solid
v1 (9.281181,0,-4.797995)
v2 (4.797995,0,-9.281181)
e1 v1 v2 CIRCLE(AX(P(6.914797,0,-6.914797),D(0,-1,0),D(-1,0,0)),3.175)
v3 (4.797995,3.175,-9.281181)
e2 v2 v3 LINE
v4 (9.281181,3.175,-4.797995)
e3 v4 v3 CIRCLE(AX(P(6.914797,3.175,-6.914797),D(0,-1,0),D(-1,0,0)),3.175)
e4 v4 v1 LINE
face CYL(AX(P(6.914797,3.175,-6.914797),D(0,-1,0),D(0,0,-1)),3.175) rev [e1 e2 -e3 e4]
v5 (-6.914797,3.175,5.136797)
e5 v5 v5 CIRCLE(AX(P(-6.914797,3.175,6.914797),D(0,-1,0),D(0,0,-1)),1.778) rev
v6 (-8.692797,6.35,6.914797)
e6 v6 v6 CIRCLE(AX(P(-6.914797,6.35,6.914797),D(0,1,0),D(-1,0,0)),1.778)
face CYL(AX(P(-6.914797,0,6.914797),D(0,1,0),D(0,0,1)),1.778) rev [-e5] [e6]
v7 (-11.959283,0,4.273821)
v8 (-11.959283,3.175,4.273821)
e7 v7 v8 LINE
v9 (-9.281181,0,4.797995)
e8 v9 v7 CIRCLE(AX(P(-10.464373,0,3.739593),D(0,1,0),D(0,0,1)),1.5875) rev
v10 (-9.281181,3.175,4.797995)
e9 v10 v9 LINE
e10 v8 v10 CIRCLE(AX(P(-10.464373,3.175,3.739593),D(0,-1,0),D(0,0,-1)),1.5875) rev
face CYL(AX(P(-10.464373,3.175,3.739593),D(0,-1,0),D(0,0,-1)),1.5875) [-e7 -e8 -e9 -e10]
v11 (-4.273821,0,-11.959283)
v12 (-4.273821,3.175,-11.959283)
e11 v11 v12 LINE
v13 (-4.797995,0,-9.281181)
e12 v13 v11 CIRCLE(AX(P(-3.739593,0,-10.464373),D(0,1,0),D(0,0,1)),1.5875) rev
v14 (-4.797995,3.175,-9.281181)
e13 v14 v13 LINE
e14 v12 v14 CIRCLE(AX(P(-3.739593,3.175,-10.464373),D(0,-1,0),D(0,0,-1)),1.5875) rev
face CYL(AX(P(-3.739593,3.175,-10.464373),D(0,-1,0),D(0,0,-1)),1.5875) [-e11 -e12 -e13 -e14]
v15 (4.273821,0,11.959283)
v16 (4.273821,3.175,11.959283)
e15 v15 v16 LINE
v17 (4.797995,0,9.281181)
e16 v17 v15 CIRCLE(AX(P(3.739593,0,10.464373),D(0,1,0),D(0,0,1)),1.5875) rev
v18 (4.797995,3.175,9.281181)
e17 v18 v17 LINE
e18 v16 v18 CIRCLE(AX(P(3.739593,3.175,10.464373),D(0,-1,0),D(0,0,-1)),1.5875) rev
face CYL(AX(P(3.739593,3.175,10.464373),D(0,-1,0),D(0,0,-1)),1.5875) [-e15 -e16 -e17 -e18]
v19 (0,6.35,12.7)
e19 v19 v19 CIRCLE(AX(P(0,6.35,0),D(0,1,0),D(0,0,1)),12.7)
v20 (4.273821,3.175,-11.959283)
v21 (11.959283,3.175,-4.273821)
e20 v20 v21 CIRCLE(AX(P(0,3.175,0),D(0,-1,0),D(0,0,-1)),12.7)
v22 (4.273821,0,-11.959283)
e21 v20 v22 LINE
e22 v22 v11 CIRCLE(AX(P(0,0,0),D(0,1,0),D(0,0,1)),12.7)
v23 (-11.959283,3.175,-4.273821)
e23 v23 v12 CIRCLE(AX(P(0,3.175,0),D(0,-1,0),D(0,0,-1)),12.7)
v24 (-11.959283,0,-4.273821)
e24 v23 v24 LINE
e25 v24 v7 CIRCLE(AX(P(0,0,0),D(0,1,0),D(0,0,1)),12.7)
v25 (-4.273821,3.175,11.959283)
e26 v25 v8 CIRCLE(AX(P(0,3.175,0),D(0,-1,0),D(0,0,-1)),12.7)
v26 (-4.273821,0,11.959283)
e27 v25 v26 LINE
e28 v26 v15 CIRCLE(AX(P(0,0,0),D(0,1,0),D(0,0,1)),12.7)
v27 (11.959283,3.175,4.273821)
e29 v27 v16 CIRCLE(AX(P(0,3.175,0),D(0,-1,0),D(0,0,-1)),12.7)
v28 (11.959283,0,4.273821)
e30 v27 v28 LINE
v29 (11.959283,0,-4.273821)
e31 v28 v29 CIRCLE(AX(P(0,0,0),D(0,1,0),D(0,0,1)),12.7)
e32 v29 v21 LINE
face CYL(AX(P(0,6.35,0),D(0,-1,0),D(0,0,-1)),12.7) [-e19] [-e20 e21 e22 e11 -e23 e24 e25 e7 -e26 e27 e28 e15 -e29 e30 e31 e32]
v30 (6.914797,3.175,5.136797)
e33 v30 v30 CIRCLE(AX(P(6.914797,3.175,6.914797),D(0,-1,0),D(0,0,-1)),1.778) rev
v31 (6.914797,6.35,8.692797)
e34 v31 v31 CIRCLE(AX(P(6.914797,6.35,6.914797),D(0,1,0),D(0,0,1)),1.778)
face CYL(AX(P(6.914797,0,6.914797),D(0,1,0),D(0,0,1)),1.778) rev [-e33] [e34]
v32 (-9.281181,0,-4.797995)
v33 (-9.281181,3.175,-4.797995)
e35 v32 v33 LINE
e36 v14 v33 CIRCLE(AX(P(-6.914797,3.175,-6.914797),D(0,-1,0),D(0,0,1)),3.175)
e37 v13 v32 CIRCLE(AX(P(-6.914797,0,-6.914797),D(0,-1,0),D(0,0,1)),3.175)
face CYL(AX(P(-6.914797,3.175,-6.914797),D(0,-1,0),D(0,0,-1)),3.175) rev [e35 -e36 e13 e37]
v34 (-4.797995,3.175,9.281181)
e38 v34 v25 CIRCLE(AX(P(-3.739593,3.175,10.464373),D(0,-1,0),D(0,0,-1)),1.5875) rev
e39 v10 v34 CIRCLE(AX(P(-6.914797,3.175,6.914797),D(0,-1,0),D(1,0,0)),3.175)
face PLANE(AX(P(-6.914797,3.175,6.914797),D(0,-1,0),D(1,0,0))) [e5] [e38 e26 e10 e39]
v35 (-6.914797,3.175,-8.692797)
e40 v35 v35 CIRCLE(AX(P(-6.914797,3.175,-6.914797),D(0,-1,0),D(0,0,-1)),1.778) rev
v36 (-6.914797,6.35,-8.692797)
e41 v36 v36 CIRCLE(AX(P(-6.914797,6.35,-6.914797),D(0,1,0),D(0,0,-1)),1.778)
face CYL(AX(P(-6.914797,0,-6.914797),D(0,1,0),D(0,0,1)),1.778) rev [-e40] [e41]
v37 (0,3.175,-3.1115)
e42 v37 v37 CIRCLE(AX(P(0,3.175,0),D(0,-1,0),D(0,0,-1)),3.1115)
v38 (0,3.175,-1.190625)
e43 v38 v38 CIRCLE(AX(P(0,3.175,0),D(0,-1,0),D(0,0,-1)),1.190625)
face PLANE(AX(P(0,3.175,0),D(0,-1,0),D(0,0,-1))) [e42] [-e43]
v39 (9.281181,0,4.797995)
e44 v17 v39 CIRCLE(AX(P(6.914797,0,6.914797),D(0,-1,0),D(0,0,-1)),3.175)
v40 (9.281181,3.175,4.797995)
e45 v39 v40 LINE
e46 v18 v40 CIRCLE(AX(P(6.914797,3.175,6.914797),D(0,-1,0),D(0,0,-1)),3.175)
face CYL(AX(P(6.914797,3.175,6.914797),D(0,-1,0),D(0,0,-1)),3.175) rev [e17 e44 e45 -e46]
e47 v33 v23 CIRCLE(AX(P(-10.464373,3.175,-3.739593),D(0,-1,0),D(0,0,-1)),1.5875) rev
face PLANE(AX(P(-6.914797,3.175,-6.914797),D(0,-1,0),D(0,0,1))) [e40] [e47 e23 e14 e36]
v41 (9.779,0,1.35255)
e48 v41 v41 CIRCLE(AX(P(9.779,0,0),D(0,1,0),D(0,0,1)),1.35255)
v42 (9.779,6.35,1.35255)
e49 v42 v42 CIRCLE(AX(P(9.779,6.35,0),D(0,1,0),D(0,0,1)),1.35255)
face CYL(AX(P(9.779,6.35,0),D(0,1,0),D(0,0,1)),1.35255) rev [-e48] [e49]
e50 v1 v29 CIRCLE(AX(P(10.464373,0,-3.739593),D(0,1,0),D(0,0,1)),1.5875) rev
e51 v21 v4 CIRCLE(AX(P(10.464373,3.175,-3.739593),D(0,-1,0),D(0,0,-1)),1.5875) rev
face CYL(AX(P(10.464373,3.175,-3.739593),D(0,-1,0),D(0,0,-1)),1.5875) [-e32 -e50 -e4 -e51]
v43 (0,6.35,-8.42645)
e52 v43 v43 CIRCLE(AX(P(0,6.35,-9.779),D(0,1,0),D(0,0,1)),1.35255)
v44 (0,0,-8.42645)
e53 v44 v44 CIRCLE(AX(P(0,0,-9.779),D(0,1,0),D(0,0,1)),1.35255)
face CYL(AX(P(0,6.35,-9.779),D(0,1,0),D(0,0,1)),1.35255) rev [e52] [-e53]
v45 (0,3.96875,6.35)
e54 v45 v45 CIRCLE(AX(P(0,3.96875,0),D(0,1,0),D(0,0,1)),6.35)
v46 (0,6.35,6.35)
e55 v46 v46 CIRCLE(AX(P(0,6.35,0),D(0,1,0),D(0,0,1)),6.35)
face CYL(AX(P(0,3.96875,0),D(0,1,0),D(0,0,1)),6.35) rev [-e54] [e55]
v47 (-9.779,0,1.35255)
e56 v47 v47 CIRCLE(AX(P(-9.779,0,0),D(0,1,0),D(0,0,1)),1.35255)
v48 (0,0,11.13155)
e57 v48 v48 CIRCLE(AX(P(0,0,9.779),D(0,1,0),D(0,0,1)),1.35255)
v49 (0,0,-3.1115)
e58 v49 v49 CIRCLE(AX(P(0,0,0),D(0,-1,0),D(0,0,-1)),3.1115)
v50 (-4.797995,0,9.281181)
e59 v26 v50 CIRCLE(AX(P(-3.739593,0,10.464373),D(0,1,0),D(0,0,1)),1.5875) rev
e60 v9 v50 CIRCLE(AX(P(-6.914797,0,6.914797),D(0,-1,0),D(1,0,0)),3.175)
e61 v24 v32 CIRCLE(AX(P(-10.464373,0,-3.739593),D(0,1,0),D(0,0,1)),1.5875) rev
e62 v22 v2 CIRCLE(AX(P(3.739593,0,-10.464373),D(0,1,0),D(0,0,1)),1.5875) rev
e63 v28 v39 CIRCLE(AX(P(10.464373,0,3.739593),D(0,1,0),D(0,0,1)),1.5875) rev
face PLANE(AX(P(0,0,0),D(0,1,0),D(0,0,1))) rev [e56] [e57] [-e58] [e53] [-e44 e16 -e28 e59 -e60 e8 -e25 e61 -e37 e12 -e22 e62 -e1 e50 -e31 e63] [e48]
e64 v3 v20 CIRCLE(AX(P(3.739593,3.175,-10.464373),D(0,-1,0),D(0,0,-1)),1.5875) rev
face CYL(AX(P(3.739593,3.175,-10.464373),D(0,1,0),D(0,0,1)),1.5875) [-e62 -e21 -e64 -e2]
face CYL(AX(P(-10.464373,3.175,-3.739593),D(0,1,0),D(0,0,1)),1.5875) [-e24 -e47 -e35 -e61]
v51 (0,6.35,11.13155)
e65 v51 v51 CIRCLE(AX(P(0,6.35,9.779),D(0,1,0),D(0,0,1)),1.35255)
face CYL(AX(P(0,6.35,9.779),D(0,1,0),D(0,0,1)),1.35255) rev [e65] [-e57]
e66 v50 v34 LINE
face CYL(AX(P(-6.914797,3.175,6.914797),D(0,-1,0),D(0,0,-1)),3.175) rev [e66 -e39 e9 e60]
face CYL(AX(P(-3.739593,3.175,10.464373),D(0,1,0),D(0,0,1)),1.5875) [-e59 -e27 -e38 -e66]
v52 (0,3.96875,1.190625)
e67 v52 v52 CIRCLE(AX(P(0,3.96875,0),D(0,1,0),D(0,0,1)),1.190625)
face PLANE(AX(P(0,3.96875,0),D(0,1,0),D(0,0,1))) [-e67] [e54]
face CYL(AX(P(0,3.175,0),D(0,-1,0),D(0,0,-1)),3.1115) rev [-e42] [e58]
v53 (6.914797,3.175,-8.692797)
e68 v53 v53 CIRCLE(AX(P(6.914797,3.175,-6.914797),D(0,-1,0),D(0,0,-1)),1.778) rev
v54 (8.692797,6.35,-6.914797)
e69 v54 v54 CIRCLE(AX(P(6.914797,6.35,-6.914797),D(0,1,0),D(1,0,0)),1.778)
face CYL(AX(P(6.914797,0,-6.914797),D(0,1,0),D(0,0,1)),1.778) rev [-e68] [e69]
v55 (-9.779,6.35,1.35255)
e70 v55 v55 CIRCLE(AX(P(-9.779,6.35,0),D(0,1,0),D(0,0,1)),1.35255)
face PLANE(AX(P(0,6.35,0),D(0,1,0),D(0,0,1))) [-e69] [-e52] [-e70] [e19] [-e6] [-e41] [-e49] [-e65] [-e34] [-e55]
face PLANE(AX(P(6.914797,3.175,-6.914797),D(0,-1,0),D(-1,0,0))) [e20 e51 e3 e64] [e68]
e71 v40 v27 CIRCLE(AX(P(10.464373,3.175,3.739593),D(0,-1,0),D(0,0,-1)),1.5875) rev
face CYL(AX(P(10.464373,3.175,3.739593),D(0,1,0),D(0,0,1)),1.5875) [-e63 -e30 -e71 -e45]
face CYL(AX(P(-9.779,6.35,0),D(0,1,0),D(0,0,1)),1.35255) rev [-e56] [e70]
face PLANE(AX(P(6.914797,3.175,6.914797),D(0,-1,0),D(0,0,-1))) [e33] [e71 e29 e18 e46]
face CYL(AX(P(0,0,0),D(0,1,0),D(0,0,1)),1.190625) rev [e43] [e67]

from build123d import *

# Parameters (mm, degrees)
SKETCH1_R             = 12.7
BOSS_EXTRUDE1_DEPTH   = 6.35
SKETCH2_R             = 6.35
CUT_EXTRUDE1_DEPTH    = 2.38125
SKETCH3_R             = 3.1115
CUT_EXTRUDE2_DEPTH    = 3.175
SKETCH4_R             = 1.190625
CUT_EXTRUDE3_DEPTH    = 4.96875
F_6_32_TAPPED_HOLE1_D = 2.7051
SKETCH7_R             = 1.778
CUT_EXTRUDE4_DEPTH    = 7.35
SKETCH8_R             = 3.175
CUT_EXTRUDE5_DEPTH    = 3.175
CIRPATTERN2_COUNT     = 4
FILLET1_R             = 1.5875


with BuildPart() as part:
    # Sketch1 → Boss-Extrude1 (new body)
    with BuildSketch(Plane(origin=(0, 0, 0), x_dir=(1, 0, 0), z_dir=(0, 1, 0))):
        Circle(SKETCH1_R)
    extrude(amount=BOSS_EXTRUDE1_DEPTH)

    # Sketch2 → Cut-Extrude1 (cut)
    with BuildSketch(Plane(origin=(0, 6.35, 0), x_dir=(1, 0, 0), z_dir=(0, 1, 0))):
        Circle(SKETCH2_R)
    extrude(amount=-CUT_EXTRUDE1_DEPTH, mode=Mode.SUBTRACT)

    # Sketch3 → Cut-Extrude2 (cut)
    with BuildSketch(Plane.XZ):
        Circle(SKETCH3_R)
    extrude(amount=-CUT_EXTRUDE2_DEPTH, mode=Mode.SUBTRACT)

    # Sketch4 → Cut-Extrude3 (cut, through all)
    with BuildSketch(Plane(origin=(0, 3.96875, 0), x_dir=(1, 0, 0), z_dir=(0, 1, 0))):
        Circle(SKETCH4_R)
    extrude(amount=-CUT_EXTRUDE3_DEPTH, mode=Mode.SUBTRACT)

    # #6-32 Tapped Hole1 (through all)
    with Locations(Plane(origin=(0, 6.35, 0), x_dir=(1, 0, 0), z_dir=(0, 1, 0))):
        with Locations((-9.779, 0)):
            f_6_32_tapped_hole1 = Hole(F_6_32_TAPPED_HOLE1_D / 2)

    # Sketch7 → Cut-Extrude4 (cut, through all)
    with BuildSketch(Plane(origin=(0, 6.35, 0), x_dir=(1, 0, 0), z_dir=(0, 1, 0))):
        with Locations((6.914797213, -6.914797213)):
            Circle(SKETCH7_R)
    cut_extrude4 = extrude(amount=-CUT_EXTRUDE4_DEPTH, mode=Mode.SUBTRACT)

    # Sketch8 → Cut-Extrude5 (cut)
    with BuildSketch(Plane.XZ):
        with Locations((6.914797213, 6.914797213)):
            Circle(SKETCH8_R)
    cut_extrude5 = extrude(amount=-CUT_EXTRUDE5_DEPTH, mode=Mode.SUBTRACT)

    # CirPattern2: #6-32 Tapped Hole1, Cut-Extrude4, Cut-Extrude5 ×4 about axis
    cirpattern2_axis = Axis((0, 0, 0), (0, 1, 0))
    for i in range(1, CIRPATTERN2_COUNT):
        add(f_6_32_tapped_hole1.rotate(cirpattern2_axis, i * 360 / CIRPATTERN2_COUNT), mode=Mode.SUBTRACT)
        add(cut_extrude4.rotate(cirpattern2_axis, i * 360 / CIRPATTERN2_COUNT), mode=Mode.SUBTRACT)
        add(cut_extrude5.rotate(cirpattern2_axis, i * 360 / CIRPATTERN2_COUNT), mode=Mode.SUBTRACT)

    # Fillet1
    fillet1_edges = [part.edges().sort_by_distance(p)[0] for p in [
        (7.923120818, 1.5875, 9.925429789),
        (9.925429789, 1.5875, 7.923120818),
        (9.925429789, 1.5875, -7.923120818),
        (7.923120818, 1.5875, -9.925429789),
        (-7.923120818, 1.5875, -9.925429789),
        (-9.925429789, 1.5875, -7.923120818),
        (-9.925429789, 1.5875, 7.923120818),
        (-7.923120818, 1.5875, 9.925429789),
    ]]
    fillet(fillet1_edges, radius=FILLET1_R)


solid = part.part
